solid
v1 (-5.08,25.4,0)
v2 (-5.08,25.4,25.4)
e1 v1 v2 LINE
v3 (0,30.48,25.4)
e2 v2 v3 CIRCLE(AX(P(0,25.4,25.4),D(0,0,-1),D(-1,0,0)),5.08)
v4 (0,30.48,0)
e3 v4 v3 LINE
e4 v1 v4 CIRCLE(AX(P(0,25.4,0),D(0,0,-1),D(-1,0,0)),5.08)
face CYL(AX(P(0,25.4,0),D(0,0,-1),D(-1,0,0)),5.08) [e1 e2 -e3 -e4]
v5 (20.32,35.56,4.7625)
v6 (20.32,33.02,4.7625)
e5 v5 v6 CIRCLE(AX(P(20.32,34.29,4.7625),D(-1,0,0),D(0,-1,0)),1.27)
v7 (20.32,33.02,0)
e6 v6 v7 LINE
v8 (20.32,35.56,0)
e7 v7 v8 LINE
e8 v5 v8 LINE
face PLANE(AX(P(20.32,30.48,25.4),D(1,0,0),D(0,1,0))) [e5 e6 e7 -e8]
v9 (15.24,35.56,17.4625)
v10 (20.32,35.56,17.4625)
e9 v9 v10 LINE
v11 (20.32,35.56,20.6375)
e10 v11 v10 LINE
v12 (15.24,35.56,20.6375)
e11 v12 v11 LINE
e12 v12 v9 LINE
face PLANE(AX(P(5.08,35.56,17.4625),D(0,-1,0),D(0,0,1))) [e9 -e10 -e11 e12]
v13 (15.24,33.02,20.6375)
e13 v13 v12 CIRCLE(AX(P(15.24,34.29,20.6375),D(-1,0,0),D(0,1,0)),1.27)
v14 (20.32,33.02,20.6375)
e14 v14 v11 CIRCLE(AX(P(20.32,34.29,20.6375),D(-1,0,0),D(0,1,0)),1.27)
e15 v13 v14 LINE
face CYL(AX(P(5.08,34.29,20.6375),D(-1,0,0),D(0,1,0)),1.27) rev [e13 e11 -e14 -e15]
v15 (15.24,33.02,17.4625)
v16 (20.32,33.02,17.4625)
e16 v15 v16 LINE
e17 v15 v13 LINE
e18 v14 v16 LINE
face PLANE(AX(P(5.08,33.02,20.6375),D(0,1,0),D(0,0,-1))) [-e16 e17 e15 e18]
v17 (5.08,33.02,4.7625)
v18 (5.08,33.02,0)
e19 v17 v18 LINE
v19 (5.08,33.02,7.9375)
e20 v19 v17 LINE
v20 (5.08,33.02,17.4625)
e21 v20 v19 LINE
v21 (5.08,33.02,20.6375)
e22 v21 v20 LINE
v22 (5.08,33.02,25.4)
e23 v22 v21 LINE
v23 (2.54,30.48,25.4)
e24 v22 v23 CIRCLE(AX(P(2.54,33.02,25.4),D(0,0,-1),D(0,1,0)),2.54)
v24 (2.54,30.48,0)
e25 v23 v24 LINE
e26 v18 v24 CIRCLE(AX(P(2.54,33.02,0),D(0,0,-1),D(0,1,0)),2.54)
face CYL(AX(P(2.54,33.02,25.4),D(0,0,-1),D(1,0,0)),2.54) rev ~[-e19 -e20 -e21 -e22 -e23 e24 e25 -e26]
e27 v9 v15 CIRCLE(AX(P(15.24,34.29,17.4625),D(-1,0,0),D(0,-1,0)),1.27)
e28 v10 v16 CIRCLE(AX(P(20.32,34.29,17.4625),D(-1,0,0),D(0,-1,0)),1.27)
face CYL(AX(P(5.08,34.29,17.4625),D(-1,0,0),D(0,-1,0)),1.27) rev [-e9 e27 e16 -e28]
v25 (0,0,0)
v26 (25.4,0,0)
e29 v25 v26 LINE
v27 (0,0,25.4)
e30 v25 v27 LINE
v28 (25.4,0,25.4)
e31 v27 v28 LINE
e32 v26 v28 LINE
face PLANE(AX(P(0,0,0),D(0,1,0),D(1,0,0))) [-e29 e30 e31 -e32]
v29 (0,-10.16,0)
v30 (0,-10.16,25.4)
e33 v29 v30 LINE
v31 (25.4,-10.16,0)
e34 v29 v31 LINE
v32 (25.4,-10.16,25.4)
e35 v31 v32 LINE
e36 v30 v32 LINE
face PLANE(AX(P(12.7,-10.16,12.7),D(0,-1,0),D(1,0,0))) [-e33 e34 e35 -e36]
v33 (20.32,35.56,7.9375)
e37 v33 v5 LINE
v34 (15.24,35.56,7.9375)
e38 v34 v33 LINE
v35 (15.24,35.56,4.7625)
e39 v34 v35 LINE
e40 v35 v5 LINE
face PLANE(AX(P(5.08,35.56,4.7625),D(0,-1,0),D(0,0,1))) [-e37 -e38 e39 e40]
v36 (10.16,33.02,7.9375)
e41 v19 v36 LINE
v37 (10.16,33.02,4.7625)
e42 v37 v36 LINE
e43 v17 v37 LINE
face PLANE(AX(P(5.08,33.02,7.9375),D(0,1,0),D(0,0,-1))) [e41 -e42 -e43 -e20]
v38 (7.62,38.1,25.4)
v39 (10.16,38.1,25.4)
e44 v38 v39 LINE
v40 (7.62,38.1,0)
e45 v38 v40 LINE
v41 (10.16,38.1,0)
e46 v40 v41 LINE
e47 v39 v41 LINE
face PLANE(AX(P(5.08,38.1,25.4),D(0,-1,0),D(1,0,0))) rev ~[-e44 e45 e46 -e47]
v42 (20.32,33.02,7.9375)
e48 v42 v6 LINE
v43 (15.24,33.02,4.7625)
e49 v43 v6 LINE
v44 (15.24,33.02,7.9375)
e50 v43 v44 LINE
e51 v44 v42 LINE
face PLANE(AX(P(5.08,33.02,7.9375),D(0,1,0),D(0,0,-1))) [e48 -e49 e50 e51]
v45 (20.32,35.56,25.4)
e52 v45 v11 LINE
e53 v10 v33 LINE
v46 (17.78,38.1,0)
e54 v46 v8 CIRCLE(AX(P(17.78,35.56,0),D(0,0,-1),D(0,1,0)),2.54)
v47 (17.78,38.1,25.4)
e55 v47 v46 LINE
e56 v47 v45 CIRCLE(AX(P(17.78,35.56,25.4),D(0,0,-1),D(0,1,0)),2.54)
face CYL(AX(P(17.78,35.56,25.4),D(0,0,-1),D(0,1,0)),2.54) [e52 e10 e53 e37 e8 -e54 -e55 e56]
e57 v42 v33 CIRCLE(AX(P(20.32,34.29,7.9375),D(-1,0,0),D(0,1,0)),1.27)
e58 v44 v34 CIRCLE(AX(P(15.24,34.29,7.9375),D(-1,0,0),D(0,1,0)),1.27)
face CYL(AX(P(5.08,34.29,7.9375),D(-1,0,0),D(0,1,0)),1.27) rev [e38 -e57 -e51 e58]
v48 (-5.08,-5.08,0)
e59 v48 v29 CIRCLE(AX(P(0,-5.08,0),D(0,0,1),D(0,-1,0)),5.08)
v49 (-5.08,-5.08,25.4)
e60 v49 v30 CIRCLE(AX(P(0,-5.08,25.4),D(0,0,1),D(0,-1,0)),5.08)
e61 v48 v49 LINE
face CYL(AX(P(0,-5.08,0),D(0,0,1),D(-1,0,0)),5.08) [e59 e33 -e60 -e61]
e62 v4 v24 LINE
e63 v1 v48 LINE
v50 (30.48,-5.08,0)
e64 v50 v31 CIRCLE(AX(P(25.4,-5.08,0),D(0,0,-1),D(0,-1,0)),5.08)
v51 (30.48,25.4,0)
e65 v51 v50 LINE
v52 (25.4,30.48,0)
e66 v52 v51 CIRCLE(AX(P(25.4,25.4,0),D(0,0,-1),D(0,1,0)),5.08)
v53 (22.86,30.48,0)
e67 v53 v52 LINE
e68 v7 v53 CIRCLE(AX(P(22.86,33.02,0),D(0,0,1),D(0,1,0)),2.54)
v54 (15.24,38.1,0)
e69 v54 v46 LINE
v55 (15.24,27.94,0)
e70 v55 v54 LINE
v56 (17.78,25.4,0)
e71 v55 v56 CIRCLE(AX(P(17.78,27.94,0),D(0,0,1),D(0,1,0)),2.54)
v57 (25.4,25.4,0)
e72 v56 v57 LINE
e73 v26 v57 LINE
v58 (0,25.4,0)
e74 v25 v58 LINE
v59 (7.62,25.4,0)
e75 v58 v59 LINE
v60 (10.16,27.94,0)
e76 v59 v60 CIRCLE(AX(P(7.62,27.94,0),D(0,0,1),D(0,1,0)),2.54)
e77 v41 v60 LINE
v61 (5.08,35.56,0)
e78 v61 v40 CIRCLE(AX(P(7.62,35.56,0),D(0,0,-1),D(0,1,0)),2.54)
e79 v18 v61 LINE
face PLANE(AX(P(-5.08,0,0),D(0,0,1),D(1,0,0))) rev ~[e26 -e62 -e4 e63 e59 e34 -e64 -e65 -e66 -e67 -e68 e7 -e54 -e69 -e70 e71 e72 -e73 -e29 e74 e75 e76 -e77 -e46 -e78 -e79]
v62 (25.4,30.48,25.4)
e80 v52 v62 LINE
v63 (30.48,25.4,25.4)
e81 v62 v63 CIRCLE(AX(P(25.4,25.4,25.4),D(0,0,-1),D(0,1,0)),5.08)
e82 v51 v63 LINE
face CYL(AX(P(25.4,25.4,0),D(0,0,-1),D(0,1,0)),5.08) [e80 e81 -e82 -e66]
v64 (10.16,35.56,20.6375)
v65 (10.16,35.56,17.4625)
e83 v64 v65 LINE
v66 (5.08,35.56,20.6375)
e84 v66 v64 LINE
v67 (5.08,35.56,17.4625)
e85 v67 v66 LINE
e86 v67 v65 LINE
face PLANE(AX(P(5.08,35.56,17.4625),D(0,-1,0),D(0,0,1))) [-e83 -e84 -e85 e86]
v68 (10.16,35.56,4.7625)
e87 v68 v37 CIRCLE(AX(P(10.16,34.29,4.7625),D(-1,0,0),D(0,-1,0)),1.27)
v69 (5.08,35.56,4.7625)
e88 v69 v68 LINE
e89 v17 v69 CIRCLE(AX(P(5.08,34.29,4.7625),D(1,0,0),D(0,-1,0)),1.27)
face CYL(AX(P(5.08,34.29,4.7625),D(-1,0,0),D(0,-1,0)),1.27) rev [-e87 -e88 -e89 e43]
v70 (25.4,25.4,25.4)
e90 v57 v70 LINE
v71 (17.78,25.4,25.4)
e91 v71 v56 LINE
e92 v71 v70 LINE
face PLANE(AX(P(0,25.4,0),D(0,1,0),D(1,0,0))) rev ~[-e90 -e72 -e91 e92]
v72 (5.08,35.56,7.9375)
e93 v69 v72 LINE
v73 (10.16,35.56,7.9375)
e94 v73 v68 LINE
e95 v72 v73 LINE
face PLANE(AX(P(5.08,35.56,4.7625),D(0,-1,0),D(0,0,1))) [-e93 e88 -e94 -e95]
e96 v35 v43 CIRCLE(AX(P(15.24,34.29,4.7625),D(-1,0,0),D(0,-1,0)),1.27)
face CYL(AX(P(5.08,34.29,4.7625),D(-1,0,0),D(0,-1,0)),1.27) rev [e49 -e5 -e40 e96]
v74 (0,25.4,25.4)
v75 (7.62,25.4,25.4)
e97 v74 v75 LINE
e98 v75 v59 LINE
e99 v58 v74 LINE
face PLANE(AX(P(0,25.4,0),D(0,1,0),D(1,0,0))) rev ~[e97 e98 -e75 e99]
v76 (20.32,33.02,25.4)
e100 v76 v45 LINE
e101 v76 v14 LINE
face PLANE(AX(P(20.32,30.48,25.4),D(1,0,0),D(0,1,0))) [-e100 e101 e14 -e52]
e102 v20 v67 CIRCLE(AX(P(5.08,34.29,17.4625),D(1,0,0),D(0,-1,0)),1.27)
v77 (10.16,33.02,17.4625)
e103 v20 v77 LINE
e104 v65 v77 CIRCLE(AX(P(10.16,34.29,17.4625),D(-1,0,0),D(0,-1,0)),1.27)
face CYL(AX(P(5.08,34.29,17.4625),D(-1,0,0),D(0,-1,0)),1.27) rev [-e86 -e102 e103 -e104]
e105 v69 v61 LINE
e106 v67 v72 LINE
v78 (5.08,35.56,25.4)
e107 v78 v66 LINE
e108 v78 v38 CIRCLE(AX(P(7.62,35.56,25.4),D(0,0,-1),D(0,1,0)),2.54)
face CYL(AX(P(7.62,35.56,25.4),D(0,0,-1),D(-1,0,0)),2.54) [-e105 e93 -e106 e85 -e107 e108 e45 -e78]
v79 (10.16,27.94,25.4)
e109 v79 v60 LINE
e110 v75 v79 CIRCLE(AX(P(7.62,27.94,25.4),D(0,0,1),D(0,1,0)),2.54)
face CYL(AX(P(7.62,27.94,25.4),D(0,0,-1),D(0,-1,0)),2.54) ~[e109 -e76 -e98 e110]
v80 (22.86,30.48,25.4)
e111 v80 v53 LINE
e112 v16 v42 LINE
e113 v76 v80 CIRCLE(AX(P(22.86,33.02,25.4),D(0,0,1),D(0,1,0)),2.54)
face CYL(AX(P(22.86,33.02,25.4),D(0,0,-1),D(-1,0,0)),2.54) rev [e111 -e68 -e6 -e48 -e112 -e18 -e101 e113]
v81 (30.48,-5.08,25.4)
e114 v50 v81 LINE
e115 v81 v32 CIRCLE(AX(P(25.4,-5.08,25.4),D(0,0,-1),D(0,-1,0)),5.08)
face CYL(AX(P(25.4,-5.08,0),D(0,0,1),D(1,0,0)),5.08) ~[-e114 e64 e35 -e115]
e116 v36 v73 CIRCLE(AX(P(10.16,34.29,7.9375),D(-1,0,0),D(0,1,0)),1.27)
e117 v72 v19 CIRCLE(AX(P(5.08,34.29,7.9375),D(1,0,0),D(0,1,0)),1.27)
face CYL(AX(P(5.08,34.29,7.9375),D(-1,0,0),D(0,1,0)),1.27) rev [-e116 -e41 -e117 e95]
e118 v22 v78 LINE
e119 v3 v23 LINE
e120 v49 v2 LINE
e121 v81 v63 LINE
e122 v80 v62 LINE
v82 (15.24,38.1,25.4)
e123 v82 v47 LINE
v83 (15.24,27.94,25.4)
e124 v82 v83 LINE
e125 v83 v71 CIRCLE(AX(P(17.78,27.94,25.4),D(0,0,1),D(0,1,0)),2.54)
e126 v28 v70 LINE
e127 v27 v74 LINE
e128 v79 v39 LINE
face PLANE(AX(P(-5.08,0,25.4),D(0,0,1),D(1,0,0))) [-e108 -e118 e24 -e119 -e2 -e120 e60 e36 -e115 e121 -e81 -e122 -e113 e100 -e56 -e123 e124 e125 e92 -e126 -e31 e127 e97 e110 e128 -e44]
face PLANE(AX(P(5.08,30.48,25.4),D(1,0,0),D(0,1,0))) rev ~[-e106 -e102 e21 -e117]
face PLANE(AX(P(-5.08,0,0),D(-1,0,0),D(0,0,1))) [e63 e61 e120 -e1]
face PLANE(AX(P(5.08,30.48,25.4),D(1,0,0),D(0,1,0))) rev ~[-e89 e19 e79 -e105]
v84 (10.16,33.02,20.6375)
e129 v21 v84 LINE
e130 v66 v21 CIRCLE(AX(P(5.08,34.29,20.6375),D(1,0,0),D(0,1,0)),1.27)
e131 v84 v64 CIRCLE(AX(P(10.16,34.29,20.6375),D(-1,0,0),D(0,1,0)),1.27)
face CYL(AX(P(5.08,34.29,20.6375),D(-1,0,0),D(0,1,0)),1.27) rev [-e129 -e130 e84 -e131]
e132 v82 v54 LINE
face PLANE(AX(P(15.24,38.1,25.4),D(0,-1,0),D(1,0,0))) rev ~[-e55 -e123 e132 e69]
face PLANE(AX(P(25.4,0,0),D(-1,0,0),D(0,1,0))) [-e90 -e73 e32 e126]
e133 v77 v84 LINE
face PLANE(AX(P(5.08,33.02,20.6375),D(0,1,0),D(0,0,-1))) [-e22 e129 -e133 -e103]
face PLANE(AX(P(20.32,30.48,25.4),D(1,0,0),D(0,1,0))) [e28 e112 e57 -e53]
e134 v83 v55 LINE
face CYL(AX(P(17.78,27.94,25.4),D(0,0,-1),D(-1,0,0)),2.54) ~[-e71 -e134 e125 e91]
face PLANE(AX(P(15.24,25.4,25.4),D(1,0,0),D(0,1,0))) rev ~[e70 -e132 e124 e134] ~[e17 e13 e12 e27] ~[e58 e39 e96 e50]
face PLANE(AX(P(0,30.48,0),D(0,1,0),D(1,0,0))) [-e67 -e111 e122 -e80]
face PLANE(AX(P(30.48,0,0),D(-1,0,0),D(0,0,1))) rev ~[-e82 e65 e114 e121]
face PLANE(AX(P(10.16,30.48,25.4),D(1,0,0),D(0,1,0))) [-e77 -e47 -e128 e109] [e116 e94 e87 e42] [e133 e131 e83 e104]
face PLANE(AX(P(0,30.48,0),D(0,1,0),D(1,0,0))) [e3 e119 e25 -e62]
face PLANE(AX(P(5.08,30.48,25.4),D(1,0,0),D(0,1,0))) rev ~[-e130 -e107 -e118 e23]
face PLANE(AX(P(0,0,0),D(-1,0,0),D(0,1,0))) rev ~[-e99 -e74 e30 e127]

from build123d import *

# Parameters (mm, degrees)
SKETCH1_W                = 25.4
SKETCH1_H                = 25.4
BOSS_EXTRUDE1_DEPTH      = 25.4
SKETCH2_W                = 5.08
SKETCH2_H                = 5.08
CUT_EXTRUDE1_DEPTH       = 51.032197633
FILLET1_R                = 2.54
SKETCH3_W                = 5.08
SKETCH3_H                = 7.62
BOSS_EXTRUDE2_DEPTH      = 25.4
FILLET2_R                = 2.54
CUT_EXTRUDE2_DEPTH       = 53.363441445
BOSS_EXTRUDE3_DEPTH      = 5.08
BOSS_EXTRUDE3_DEPTH_BACK = 5.08
SKETCH5_W                = 35.56
SKETCH5_H                = 25.4
FILLET3_R                = 5.08


with BuildPart() as part:
    # Sketch1 → Boss-Extrude1 (new body)
    with BuildSketch(Plane.XY):
        with BuildLine():
            Line((-5.08, 0), (-5.08, 25.4))
            ThreePointArc((-5.08, 25.4), (-3.592102448, 28.992102448), (0, 30.48))
            Line((0, 30.48), (25.4, 30.48))
            ThreePointArc((25.4, 30.48), (28.992102448, 28.992102448), (30.48, 25.4))
            Line((30.48, 25.4), (30.48, 0))
            ThreePointArc((30.48, 0), (28.992102448, -3.592102448), (25.4, -5.08))
            Line((25.4, -5.08), (0, -5.08))
            ThreePointArc((0, -5.08), (-3.592102448, -3.592102448), (-5.08, 0))
        make_face()
        with Locations((12.7, 12.7)):
            Rectangle(SKETCH1_W, SKETCH1_H, mode=Mode.SUBTRACT)
    extrude(amount=BOSS_EXTRUDE1_DEPTH)

    # Sketch2 → Cut-Extrude1 (cut, through all)
    with BuildSketch(Plane.XY.offset(25.4)):
        with Locations((12.7, 27.94)):
            Rectangle(SKETCH2_W, SKETCH2_H)
    extrude(amount=-CUT_EXTRUDE1_DEPTH, mode=Mode.SUBTRACT)

    # Fillet1
    fillet1_edges = [part.edges().sort_by_distance(p)[0] for p in [
        (10.16, 25.4, 12.7),
        (15.24, 25.4, 12.7),
    ]]
    fillet(fillet1_edges, radius=FILLET1_R)

    # Sketch3 → Boss-Extrude2 (add)
    with BuildSketch(Plane.XY.offset(25.4)):
        with Locations((7.62, 34.29)):
            Rectangle(SKETCH3_W, SKETCH3_H)
        with Locations((17.78, 34.29)):
            Rectangle(SKETCH3_W, SKETCH3_H)
    extrude(amount=-BOSS_EXTRUDE2_DEPTH)

    # Fillet2
    fillet2_edges = [part.edges().sort_by_distance(p)[0] for p in [
        (5.08, 30.48, 12.7),
        (5.08, 38.1, 12.7),
        (20.32, 38.1, 12.7),
        (20.32, 30.48, 12.7),
    ]]
    fillet(fillet2_edges, radius=FILLET2_R)

    # Sketch4 → Cut-Extrude2 (cut, through all)
    with BuildSketch(Plane.ZY.offset(-5.08)):
        with BuildLine():
            Line((4.7625, 35.56), (7.9375, 35.56))
            ThreePointArc((7.9375, 35.56), (9.2075, 34.29), (7.9375, 33.02))
            Line((7.9375, 33.02), (4.7625, 33.02))
            ThreePointArc((4.7625, 33.02), (3.4925, 34.29), (4.7625, 35.56))
        make_face()
        with BuildLine():
            Line((17.4625, 35.56), (20.6375, 35.56))
            ThreePointArc((20.6375, 35.56), (21.9075, 34.29), (20.6375, 33.02))
            Line((20.6375, 33.02), (17.4625, 33.02))
            ThreePointArc((17.4625, 33.02), (16.1925, 34.29), (17.4625, 35.56))
        make_face()
    extrude(amount=-CUT_EXTRUDE2_DEPTH, mode=Mode.SUBTRACT)

    # Sketch5 → Boss-Extrude3 (add, two sides: drawn at the far end of the back side and taken through both)
    with BuildSketch(Plane.XZ.offset(5.08).offset(-BOSS_EXTRUDE3_DEPTH_BACK)):
        with Locations((12.7, 12.7)):
            Rectangle(SKETCH5_W, SKETCH5_H)
    extrude(amount=BOSS_EXTRUDE3_DEPTH + BOSS_EXTRUDE3_DEPTH_BACK)

    # Fillet3
    fillet3_edges = [part.edges().sort_by_distance(p)[0] for p in [
        (-5.08, -10.16, 12.7),
        (30.48, -10.16, 12.7),
    ]]
    fillet(fillet3_edges, radius=FILLET3_R)


solid = part.part
